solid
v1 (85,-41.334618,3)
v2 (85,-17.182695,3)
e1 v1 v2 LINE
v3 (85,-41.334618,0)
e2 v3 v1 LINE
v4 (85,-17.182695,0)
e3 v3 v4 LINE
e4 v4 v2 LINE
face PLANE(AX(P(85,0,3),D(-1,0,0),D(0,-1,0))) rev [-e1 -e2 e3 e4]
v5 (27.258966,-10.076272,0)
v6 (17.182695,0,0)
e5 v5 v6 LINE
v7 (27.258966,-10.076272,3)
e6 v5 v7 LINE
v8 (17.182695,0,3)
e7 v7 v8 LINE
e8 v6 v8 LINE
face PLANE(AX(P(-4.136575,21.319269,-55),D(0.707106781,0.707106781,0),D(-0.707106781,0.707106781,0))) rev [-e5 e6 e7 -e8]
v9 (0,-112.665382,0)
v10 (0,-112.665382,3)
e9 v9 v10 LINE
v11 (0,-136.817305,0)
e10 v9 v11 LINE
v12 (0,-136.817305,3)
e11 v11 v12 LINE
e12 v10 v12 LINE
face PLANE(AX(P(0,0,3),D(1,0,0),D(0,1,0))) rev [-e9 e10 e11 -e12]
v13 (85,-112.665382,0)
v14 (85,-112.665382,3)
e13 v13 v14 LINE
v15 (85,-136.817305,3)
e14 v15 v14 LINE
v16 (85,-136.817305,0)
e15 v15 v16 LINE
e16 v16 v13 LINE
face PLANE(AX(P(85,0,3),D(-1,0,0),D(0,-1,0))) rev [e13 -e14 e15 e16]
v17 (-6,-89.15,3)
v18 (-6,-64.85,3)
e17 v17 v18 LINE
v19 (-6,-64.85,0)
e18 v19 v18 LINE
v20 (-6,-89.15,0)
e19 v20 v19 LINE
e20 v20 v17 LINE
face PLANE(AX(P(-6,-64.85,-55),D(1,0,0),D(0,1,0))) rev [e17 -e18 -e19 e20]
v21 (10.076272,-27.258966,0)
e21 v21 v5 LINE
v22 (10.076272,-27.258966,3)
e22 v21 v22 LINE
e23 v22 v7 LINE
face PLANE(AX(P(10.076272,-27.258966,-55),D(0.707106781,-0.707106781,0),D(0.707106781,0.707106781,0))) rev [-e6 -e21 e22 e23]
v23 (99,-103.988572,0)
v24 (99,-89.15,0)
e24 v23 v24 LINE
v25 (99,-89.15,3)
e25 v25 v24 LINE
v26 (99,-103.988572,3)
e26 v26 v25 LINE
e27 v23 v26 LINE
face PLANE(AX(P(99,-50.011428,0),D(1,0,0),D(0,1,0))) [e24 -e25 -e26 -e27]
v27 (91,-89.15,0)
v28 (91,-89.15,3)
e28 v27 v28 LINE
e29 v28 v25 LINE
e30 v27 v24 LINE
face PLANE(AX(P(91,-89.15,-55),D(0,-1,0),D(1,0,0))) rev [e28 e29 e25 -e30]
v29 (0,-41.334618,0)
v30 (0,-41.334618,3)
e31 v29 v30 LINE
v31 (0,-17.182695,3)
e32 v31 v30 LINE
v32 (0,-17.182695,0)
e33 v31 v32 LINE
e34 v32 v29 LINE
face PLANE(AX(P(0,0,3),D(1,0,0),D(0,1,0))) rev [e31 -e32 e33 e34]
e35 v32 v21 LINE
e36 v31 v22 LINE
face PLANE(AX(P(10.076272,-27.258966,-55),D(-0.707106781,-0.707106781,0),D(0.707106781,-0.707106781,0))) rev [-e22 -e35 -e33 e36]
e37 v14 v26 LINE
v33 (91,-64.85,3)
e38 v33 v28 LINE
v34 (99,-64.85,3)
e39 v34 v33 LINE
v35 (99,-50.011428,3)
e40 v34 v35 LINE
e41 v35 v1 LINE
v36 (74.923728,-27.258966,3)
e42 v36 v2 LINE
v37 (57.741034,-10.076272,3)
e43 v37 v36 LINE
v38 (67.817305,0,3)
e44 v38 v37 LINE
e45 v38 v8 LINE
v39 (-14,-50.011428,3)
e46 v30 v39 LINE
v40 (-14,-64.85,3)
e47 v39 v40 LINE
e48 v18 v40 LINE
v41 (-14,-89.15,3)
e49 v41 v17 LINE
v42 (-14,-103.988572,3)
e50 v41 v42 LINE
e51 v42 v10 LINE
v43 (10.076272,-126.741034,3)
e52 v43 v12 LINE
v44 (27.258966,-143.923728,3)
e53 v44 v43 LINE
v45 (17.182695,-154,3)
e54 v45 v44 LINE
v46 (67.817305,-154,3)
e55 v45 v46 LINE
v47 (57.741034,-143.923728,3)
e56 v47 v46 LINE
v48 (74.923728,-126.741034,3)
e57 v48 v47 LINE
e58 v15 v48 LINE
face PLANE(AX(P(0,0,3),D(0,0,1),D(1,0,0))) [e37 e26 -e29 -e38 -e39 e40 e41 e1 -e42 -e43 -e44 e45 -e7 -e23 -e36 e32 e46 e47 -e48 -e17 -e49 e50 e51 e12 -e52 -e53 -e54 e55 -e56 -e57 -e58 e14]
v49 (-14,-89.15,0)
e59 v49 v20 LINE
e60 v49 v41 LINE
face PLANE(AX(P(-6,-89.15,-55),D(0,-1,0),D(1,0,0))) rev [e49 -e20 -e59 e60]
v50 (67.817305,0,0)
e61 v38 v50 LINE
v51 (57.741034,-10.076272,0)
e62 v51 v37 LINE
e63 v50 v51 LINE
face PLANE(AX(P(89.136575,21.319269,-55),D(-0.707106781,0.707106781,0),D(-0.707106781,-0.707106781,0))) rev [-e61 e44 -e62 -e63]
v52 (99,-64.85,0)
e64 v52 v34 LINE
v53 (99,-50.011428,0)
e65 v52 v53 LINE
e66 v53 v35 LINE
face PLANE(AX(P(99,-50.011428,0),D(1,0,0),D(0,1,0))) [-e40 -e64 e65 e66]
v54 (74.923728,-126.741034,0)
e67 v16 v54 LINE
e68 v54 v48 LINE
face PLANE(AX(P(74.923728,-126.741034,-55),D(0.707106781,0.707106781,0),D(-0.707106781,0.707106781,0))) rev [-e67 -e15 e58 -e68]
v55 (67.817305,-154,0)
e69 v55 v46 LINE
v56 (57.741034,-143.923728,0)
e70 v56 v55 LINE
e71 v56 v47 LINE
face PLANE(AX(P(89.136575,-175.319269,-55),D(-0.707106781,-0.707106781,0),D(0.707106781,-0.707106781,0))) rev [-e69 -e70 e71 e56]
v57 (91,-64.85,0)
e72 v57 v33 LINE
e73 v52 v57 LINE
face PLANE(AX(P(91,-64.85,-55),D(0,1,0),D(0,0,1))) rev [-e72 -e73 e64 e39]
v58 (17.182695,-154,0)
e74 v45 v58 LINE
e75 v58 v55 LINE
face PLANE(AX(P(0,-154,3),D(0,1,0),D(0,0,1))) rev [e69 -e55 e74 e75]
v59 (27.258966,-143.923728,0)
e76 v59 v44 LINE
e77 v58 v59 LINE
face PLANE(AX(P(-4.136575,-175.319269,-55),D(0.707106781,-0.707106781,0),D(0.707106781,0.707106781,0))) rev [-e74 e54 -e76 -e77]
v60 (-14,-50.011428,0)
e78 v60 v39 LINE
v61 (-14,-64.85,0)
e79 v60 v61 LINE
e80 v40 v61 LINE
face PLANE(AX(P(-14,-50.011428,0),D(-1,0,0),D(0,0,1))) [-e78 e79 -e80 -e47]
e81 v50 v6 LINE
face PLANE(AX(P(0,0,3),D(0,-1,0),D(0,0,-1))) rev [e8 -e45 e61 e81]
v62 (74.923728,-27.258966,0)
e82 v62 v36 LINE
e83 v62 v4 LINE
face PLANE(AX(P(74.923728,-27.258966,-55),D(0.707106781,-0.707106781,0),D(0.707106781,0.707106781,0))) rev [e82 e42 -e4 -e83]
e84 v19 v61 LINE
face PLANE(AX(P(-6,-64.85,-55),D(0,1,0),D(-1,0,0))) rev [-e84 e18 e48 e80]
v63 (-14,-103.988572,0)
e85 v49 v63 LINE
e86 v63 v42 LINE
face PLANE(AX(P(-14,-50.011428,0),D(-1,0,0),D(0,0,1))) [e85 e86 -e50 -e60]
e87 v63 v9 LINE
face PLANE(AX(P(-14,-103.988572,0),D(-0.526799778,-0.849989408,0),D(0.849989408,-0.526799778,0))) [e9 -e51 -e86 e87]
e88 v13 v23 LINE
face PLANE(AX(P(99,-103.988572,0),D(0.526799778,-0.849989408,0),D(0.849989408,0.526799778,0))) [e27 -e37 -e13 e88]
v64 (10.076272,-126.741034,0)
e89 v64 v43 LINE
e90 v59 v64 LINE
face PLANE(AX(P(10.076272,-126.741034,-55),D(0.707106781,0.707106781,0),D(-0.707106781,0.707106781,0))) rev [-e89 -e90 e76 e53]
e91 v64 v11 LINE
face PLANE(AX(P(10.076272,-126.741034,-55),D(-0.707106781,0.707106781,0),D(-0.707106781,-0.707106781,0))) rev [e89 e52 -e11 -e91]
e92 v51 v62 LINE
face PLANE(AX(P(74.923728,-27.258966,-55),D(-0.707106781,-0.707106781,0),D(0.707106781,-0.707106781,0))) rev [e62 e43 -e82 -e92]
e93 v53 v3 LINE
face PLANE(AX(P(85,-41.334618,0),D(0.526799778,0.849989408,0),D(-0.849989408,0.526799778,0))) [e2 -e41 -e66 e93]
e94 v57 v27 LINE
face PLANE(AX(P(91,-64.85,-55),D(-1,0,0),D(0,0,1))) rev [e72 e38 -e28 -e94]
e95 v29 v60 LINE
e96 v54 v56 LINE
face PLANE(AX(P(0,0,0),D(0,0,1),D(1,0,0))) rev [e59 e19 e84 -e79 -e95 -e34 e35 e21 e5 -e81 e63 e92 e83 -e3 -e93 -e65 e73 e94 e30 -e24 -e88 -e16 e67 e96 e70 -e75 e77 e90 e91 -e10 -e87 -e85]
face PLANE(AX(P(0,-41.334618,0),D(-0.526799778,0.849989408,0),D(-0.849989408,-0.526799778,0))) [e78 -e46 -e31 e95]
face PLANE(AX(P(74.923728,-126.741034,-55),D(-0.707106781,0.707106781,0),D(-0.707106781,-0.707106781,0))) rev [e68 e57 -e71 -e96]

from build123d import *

# Parameters (mm, degrees)
SKETCH_1_W          = 85
SKETCH_1_H          = 154
EXTRUDE_1_DEPTH     = 3
CUT_EXTRUDE_2_DEPTH = 58
EXTRUDE_2_DEPTH     = 3
SKETCH_4_W          = 44.4
SKETCH_4_H          = 24.3
CUT_EXTRUDE_3_DEPTH = 58


with BuildPart() as part:
    # 草图1 → 凸台-拉伸1 (new body)
    with BuildSketch(Plane.XY):
        with Locations((42.5, -77)):
            Rectangle(SKETCH_1_W, SKETCH_1_H)
    extrude(amount=EXTRUDE_1_DEPTH)

    # 草图2 → 切除-拉伸2 (cut)
    with BuildSketch(Plane.XY.offset(3)):
        Polygon((10.076271632, -27.258966415), (-21.319269453, 4.13657467), (-4.13657467, 21.319269453), (27.258966415, -10.076271632), align=None)
        Polygon((-21.319269453, -158.13657467), (-4.13657467, -175.319269453), (27.258966415, -143.923728368), (10.076271632, -126.741033585), align=None)
        Polygon((74.923728368, -126.741033585), (106.319269453, -158.13657467), (89.13657467, -175.319269453), (57.741033585, -143.923728368), align=None)
        Polygon((74.923728368, -27.258966415), (57.741033585, -10.076271632), (89.13657467, 21.319269453), (106.319269453, 4.13657467), align=None)
        Polygon((85, -41.334617867), (99, -50.011428212), (99, -103.988571788), (85, -112.665382133), align=None)
        Polygon((0, -41.334617867), (-14, -50.011428212), (-14, -103.988571788), (0, -112.665382133), align=None)
    extrude(amount=-CUT_EXTRUDE_2_DEPTH, mode=Mode.SUBTRACT)

    # 草图3 → 凸台-拉伸2 (add)
    with BuildSketch(Plane.XY.offset(3)):
        Polygon((85, -41.334617867), (99, -50.011428212), (99, -103.988571788), (85, -112.665382133), align=None)
        Polygon((-14, -103.988571788), (0, -112.665382133), (0, -41.334617867), (-14, -50.011428212), align=None)
    extrude(amount=-EXTRUDE_2_DEPTH)

    # 草图4 → 切除-拉伸3 (cut)
    with BuildSketch(Plane.XY.offset(3)):
        with Locations((113.2, -77)):
            Rectangle(SKETCH_4_W, SKETCH_4_H)
        with Locations((-28.2, -77)):
            Rectangle(SKETCH_4_W, SKETCH_4_H)
    extrude(amount=-CUT_EXTRUDE_3_DEPTH, mode=Mode.SUBTRACT)


solid = part.part
